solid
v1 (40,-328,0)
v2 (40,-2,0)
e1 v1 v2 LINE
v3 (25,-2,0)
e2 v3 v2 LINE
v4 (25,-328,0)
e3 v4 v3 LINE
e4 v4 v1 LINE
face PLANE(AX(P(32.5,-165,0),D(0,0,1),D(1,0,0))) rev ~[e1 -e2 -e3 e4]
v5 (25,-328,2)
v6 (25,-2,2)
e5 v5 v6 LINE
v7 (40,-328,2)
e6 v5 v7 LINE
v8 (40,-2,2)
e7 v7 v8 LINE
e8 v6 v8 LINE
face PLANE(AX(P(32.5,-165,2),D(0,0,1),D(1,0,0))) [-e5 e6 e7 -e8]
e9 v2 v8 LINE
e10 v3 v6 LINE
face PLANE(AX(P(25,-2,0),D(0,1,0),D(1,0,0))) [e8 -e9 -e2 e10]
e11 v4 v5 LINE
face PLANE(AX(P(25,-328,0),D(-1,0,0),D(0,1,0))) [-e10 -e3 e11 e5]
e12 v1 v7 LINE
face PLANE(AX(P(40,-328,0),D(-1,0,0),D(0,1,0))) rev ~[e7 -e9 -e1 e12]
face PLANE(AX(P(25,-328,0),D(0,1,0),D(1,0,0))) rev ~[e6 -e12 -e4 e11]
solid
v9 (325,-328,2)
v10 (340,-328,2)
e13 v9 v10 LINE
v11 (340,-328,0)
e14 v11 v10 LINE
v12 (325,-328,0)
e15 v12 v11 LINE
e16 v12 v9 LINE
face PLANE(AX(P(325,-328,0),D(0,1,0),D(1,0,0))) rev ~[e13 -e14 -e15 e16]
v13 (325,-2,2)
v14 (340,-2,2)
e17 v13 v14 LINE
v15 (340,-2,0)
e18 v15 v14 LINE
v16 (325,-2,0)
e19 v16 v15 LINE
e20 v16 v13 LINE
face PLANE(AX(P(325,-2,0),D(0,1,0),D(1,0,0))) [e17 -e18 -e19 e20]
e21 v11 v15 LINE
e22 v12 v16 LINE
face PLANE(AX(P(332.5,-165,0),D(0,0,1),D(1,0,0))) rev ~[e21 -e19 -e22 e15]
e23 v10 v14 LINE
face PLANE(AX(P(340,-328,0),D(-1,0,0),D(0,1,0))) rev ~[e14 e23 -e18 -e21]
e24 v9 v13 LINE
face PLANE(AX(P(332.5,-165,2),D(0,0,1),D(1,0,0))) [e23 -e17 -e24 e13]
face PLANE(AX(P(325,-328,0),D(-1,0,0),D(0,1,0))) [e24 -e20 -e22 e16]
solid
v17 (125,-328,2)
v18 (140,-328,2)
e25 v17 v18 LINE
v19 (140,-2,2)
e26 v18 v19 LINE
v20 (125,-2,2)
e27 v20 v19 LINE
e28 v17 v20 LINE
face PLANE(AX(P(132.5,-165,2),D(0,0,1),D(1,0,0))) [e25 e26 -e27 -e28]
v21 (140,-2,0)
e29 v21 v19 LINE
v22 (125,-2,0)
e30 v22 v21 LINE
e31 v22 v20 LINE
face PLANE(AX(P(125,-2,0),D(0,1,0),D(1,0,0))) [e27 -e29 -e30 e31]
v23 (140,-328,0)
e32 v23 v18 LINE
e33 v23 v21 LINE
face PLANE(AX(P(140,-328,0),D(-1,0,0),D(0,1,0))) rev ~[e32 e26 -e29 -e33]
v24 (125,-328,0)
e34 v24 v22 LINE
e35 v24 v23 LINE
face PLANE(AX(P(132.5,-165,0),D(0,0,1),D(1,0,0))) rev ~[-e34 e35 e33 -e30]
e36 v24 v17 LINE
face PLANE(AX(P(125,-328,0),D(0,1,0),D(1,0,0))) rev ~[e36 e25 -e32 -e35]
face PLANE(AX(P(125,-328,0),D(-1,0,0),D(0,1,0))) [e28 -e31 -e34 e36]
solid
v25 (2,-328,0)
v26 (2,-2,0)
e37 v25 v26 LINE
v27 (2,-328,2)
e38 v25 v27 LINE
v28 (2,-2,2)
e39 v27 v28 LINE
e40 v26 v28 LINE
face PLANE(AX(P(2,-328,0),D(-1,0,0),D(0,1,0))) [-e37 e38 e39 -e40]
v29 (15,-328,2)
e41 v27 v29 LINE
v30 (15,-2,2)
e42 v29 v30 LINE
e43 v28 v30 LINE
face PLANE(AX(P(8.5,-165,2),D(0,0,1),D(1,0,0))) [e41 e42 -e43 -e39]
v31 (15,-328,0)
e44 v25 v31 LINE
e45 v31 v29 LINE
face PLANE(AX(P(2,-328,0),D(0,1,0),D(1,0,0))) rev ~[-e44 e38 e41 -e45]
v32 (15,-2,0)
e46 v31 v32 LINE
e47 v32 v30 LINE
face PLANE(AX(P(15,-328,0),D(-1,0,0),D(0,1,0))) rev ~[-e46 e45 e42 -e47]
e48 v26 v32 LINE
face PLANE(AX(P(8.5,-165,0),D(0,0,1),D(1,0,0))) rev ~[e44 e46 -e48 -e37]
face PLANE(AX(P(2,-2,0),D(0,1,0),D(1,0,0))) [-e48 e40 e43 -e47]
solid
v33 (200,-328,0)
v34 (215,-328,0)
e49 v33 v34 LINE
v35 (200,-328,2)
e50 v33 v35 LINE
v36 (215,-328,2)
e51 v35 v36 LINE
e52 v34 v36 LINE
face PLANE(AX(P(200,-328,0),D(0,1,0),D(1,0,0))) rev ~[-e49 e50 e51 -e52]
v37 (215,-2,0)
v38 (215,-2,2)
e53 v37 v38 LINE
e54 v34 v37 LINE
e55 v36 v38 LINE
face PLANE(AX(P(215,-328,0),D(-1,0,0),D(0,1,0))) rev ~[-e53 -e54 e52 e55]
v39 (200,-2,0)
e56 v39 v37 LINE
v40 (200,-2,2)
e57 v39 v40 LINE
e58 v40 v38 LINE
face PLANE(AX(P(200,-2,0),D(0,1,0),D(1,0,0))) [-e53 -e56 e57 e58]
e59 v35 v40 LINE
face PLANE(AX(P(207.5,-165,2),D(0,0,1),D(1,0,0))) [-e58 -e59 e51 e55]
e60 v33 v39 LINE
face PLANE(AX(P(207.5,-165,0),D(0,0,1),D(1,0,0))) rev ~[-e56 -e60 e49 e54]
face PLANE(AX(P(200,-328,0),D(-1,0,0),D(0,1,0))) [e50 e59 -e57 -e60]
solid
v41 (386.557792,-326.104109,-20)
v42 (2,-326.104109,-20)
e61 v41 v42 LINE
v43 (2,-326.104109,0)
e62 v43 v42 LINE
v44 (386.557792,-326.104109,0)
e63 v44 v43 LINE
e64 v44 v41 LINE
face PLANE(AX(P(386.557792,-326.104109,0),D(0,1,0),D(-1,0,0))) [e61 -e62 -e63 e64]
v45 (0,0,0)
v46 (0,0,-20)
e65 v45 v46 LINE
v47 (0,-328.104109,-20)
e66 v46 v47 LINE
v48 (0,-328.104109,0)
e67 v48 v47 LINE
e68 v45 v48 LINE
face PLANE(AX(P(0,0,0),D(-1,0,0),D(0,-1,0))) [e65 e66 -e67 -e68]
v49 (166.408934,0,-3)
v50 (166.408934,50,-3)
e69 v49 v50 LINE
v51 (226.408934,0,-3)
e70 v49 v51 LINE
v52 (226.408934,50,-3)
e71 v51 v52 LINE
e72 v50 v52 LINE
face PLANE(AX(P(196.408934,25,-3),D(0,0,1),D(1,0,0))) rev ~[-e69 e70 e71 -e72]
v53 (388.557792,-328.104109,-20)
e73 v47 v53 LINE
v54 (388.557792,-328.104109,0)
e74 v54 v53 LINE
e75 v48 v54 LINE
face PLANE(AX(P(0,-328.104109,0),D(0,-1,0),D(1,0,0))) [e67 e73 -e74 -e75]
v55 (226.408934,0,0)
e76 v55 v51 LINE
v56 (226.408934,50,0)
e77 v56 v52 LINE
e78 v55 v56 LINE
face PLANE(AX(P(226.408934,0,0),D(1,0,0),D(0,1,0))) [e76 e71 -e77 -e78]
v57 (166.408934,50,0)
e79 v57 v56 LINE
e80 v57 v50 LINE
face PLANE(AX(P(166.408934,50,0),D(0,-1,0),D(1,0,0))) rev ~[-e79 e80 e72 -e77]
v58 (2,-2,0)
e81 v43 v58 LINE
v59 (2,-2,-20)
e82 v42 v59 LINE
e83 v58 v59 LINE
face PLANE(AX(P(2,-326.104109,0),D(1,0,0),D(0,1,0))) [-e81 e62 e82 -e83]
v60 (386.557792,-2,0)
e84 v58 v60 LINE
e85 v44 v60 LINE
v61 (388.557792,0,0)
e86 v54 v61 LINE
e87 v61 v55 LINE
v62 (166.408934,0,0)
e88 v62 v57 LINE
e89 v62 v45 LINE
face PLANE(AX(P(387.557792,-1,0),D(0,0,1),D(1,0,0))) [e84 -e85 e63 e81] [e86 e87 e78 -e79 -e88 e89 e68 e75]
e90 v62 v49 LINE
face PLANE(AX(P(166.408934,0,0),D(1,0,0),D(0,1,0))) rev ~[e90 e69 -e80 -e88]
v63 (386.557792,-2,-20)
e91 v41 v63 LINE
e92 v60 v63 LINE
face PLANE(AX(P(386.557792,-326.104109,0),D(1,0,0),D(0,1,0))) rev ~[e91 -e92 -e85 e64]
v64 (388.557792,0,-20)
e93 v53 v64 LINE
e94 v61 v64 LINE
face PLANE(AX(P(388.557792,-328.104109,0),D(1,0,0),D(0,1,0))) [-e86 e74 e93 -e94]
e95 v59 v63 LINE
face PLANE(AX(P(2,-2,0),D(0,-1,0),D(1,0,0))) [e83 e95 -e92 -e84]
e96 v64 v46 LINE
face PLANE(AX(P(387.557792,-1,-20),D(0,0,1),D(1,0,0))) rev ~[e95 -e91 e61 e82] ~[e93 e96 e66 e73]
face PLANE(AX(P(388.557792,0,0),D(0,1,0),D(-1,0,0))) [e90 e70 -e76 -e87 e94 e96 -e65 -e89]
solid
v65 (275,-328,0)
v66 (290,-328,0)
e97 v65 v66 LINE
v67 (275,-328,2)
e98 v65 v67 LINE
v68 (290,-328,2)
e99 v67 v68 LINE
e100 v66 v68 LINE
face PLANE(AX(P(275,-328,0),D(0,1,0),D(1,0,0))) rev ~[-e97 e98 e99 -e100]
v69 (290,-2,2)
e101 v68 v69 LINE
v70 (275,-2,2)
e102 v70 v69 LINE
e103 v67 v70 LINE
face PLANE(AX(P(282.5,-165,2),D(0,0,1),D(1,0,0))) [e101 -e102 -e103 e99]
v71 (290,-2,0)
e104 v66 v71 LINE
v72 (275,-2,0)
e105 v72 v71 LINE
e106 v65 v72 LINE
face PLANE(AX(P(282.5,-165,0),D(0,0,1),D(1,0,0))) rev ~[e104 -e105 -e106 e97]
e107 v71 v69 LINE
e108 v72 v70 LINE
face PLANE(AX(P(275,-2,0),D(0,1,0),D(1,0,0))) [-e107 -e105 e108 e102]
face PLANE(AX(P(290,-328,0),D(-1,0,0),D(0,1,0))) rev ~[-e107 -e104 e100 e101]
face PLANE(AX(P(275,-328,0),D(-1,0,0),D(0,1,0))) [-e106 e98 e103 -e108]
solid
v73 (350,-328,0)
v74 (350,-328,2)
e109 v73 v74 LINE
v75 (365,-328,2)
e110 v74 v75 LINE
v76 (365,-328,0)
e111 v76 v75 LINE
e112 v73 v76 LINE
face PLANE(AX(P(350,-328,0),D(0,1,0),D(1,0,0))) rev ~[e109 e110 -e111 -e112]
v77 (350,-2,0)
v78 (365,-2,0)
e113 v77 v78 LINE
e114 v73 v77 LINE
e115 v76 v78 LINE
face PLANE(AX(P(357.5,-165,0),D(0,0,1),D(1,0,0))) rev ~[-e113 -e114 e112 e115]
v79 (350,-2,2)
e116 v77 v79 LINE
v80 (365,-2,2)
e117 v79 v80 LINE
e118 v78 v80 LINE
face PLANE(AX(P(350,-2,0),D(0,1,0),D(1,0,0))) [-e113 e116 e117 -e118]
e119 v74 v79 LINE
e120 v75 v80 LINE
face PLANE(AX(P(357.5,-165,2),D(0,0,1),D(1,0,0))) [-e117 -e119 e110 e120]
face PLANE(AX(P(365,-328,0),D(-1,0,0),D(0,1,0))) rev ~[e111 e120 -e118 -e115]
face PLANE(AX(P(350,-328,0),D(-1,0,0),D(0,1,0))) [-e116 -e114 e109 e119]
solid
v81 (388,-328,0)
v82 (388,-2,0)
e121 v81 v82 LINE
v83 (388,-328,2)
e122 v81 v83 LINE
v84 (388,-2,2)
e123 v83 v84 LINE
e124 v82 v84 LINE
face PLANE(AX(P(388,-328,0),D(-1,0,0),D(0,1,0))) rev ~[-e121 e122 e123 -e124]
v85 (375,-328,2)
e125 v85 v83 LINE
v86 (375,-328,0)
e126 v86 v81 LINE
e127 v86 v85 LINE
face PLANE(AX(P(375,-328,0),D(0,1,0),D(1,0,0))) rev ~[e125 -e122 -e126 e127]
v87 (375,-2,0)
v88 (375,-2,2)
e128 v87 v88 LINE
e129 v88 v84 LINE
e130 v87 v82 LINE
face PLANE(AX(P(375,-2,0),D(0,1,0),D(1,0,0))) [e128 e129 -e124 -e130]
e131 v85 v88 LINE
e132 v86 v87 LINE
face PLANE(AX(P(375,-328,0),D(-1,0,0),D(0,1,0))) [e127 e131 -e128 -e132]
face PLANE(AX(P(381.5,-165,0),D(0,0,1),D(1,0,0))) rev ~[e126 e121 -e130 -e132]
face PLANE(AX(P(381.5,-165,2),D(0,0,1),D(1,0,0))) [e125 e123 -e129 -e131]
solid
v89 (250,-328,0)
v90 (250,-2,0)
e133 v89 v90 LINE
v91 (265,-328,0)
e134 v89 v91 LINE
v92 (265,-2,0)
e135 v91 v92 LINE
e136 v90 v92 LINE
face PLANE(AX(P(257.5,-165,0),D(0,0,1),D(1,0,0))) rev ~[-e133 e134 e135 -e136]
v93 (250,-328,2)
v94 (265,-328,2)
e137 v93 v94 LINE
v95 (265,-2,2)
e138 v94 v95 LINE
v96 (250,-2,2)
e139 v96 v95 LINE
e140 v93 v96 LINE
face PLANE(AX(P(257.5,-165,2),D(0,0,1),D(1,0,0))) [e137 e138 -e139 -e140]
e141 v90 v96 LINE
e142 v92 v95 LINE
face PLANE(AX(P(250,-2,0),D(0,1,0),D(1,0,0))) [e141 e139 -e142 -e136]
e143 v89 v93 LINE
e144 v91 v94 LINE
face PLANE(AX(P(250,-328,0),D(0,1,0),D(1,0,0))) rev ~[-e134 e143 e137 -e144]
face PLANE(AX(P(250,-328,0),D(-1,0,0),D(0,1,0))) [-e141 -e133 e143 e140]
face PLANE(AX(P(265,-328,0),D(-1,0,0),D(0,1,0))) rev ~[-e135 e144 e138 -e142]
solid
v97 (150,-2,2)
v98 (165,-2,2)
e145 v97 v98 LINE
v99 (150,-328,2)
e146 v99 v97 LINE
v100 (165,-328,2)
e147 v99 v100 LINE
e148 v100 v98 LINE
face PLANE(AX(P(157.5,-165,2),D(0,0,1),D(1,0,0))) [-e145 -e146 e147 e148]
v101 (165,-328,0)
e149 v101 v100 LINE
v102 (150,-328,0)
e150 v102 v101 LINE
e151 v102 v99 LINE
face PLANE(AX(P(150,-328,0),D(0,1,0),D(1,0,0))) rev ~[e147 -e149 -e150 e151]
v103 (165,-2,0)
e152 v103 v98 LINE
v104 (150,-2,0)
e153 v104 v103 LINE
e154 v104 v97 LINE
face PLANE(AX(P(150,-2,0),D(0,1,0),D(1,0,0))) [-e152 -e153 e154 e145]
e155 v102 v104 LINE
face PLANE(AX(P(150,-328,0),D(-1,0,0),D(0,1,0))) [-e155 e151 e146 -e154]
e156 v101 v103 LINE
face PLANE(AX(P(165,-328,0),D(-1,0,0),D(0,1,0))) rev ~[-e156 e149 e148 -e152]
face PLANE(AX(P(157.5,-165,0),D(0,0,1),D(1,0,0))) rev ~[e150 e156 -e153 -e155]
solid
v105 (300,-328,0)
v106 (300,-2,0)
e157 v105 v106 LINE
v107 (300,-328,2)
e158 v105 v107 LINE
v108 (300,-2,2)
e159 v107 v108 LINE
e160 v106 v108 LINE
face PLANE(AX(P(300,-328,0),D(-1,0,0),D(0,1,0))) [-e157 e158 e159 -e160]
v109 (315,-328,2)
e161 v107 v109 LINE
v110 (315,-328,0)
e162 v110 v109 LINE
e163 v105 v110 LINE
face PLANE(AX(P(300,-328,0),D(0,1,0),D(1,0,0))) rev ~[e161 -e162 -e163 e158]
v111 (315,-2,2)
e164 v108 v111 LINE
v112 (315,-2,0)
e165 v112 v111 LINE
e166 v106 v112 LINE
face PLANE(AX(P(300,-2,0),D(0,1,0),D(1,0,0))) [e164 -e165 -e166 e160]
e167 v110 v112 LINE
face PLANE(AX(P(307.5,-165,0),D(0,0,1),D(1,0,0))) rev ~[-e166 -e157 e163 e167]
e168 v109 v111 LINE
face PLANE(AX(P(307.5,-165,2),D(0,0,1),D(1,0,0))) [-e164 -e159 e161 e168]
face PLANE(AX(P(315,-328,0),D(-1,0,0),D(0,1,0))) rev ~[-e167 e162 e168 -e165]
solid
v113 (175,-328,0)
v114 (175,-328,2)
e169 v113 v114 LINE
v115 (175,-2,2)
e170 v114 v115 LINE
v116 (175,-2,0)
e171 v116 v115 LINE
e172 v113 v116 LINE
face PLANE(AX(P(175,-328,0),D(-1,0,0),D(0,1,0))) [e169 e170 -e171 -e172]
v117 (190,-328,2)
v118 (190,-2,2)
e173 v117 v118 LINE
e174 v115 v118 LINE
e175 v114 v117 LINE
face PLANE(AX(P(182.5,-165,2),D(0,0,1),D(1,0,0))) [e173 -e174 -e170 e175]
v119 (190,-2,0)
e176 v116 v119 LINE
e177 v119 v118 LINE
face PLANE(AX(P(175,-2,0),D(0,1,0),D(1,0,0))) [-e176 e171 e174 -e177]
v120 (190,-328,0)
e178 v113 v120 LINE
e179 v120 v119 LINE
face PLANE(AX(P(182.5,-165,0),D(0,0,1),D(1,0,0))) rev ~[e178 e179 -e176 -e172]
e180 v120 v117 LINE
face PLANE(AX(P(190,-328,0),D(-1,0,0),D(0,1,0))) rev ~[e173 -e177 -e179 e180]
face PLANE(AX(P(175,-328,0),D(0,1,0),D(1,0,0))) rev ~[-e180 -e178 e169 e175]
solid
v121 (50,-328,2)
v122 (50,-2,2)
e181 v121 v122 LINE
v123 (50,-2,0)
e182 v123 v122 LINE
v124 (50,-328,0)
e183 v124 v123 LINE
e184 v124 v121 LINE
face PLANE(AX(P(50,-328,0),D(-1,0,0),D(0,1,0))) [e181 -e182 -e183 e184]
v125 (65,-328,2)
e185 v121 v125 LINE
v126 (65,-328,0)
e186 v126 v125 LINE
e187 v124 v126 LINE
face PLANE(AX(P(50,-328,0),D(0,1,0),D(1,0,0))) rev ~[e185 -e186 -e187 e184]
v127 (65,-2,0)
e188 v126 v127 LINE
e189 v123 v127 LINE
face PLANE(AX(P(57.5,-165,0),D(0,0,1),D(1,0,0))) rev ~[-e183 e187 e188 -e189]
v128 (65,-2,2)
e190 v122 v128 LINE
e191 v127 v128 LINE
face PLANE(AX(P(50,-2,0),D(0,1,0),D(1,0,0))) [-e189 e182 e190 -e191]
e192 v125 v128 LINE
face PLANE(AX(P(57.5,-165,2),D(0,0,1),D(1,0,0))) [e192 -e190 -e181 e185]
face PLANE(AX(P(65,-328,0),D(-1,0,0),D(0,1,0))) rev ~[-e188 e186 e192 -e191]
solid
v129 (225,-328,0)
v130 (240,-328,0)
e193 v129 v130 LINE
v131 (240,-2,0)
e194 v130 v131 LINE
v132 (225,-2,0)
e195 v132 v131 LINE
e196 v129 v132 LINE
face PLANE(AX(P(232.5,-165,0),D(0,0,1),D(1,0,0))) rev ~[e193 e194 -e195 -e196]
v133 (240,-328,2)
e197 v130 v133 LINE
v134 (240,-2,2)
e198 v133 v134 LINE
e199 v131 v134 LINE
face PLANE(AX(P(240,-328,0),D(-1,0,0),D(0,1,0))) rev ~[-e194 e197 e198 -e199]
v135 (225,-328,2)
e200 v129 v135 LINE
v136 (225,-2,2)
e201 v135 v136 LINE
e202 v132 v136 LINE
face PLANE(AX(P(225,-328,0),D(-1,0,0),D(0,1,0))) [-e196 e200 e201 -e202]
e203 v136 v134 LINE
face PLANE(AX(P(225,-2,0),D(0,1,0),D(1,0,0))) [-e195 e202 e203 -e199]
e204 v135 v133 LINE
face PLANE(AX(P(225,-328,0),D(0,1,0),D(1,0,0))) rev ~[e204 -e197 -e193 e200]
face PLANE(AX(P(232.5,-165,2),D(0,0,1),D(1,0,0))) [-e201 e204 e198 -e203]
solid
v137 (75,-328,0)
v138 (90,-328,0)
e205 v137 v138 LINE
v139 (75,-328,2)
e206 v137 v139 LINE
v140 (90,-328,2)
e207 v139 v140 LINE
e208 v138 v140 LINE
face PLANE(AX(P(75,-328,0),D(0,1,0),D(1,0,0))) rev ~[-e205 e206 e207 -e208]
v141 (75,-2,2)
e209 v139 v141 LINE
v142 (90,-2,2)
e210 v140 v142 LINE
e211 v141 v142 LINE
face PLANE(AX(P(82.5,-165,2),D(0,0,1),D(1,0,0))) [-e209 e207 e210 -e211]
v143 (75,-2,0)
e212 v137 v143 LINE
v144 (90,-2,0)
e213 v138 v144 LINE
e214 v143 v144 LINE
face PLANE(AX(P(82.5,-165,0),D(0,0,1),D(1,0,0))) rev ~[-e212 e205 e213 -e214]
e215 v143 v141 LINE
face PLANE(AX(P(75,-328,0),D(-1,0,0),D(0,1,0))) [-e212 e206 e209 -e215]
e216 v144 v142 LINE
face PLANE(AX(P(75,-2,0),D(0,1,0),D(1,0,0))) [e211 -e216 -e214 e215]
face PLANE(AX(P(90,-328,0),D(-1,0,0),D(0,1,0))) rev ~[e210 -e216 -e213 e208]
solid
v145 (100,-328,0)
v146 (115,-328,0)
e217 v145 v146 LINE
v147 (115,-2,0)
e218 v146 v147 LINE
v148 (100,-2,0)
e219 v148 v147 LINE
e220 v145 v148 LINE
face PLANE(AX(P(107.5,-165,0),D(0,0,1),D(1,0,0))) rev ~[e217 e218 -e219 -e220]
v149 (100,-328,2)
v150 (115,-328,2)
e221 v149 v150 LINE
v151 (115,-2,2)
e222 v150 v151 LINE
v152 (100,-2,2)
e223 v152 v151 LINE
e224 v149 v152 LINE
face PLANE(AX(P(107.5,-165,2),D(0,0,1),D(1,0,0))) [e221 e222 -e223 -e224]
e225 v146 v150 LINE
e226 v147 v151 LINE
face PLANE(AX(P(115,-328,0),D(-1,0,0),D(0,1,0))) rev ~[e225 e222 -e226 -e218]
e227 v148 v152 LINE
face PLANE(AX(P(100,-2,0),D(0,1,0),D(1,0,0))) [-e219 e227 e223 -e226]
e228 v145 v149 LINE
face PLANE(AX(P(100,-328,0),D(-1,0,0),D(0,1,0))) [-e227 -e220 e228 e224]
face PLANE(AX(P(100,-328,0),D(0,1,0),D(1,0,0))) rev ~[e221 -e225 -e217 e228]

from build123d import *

# Parameters (mm, degrees)
F0_W     = 13
F0_H     = 326
F1_DEPTH = 2
F0_W_2   = 15
F2_W     = 2
F2_H     = 2
F2_H_2   = 324.104108572
F3_DEPTH = 20
F4_W     = 60
F4_H     = 50
F5_DEPTH = 3


with BuildPart() as f1:
    # F0 (on Top) → F1 (new body)
    with BuildSketch(Plane.XY):
        with Locations((8.5, -165)):
            Rectangle(F0_W, F0_H)
    extrude(amount=F1_DEPTH)


with BuildPart() as f1b:
    # F0 (on Top) → F1, piece 2 (new body)
    with BuildSketch(Plane.XY):
        with Locations((32.5, -165)):
            Rectangle(F0_W_2, F0_H)
    extrude(amount=F1_DEPTH)


with BuildPart() as f1c:
    # F0 (on Top) → F1, piece 3 (new body)
    with BuildSketch(Plane.XY):
        with Locations((57.5, -165)):
            Rectangle(F0_W_2, F0_H)
    extrude(amount=F1_DEPTH)


with BuildPart() as f1d:
    # F0 (on Top) → F1, piece 4 (new body)
    with BuildSketch(Plane.XY):
        with Locations((82.5, -165)):
            Rectangle(F0_W_2, F0_H)
    extrude(amount=F1_DEPTH)


with BuildPart() as f1e:
    # F0 (on Top) → F1, piece 5 (new body)
    with BuildSketch(Plane.XY):
        with Locations((107.5, -165)):
            Rectangle(F0_W_2, F0_H)
    extrude(amount=F1_DEPTH)


with BuildPart() as f1f:
    # F0 (on Top) → F1, piece 6 (new body)
    with BuildSketch(Plane.XY):
        with Locations((132.5, -165)):
            Rectangle(F0_W_2, F0_H)
    extrude(amount=F1_DEPTH)


with BuildPart() as f1g:
    # F0 (on Top) → F1, piece 7 (new body)
    with BuildSketch(Plane.XY):
        with Locations((157.5, -165)):
            Rectangle(F0_W_2, F0_H)
    extrude(amount=F1_DEPTH)


with BuildPart() as f1h:
    # F0 (on Top) → F1, piece 8 (new body)
    with BuildSketch(Plane.XY):
        with Locations((182.5, -165)):
            Rectangle(F0_W_2, F0_H)
    extrude(amount=F1_DEPTH)


with BuildPart() as f1i:
    # F0 (on Top) → F1, piece 9 (new body)
    with BuildSketch(Plane.XY):
        with Locations((207.5, -165)):
            Rectangle(F0_W_2, F0_H)
    extrude(amount=F1_DEPTH)


with BuildPart() as f1j:
    # F0 (on Top) → F1, piece 10 (new body)
    with BuildSketch(Plane.XY):
        with Locations((232.5, -165)):
            Rectangle(F0_W_2, F0_H)
    extrude(amount=F1_DEPTH)


with BuildPart() as f1k:
    # F0 (on Top) → F1, piece 11 (new body)
    with BuildSketch(Plane.XY):
        with Locations((257.5, -165)):
            Rectangle(F0_W_2, F0_H)
    extrude(amount=F1_DEPTH)


with BuildPart() as f1l:
    # F0 (on Top) → F1, piece 12 (new body)
    with BuildSketch(Plane.XY):
        with Locations((282.5, -165)):
            Rectangle(F0_W_2, F0_H)
    extrude(amount=F1_DEPTH)


with BuildPart() as f1m:
    # F0 (on Top) → F1, piece 13 (new body)
    with BuildSketch(Plane.XY):
        with Locations((307.5, -165)):
            Rectangle(F0_W_2, F0_H)
    extrude(amount=F1_DEPTH)


with BuildPart() as f1n:
    # F0 (on Top) → F1, piece 14 (new body)
    with BuildSketch(Plane.XY):
        with Locations((332.5, -165)):
            Rectangle(F0_W_2, F0_H)
    extrude(amount=F1_DEPTH)


with BuildPart() as f1o:
    # F0 (on Top) → F1, piece 15 (new body)
    with BuildSketch(Plane.XY):
        with Locations((357.5, -165)):
            Rectangle(F0_W_2, F0_H)
    extrude(amount=F1_DEPTH)


with BuildPart() as f1p:
    # F0 (on Top) → F1, piece 16 (new body)
    with BuildSketch(Plane.XY):
        with Locations((381.5, -165)):
            Rectangle(F0_W, F0_H)
    extrude(amount=F1_DEPTH)


with BuildPart() as f3:
    # F2 (on Top) → F3 (new body)
    with BuildSketch(Plane.XY):
        with Locations((387.5577917099, -1)):
            Rectangle(F2_W, F2_H)
        Polygon((386.5577917099, -2), (386.5577917099, 0), (0, 0), (0, -328.104108572), (386.5577917099, -328.104108572), (386.5577917099, -326.104108572), (2, -326.104108572), (2, -2), align=None)
        with Locations((387.5577917099, -164.052054286)):
            Rectangle(F2_W, F2_H_2)
        with Locations((387.5577917099, -327.104108572)):
            Rectangle(F2_W, F2_H)
    extrude(amount=-F3_DEPTH)

    # F4 (on Top) → F5 (join)
    with BuildSketch(Plane.XY):
        with Locations((196.4089343843, 25)):
            Rectangle(F4_W, F4_H)
    extrude(amount=-F5_DEPTH)


solid = Compound([f1.part, f1b.part, f1c.part, f1d.part, f1e.part, f1f.part, f1g.part, f1h.part, f1i.part, f1j.part, f1k.part, f1l.part, f1m.part, f1n.part, f1o.part, f1p.part, f3.part])
